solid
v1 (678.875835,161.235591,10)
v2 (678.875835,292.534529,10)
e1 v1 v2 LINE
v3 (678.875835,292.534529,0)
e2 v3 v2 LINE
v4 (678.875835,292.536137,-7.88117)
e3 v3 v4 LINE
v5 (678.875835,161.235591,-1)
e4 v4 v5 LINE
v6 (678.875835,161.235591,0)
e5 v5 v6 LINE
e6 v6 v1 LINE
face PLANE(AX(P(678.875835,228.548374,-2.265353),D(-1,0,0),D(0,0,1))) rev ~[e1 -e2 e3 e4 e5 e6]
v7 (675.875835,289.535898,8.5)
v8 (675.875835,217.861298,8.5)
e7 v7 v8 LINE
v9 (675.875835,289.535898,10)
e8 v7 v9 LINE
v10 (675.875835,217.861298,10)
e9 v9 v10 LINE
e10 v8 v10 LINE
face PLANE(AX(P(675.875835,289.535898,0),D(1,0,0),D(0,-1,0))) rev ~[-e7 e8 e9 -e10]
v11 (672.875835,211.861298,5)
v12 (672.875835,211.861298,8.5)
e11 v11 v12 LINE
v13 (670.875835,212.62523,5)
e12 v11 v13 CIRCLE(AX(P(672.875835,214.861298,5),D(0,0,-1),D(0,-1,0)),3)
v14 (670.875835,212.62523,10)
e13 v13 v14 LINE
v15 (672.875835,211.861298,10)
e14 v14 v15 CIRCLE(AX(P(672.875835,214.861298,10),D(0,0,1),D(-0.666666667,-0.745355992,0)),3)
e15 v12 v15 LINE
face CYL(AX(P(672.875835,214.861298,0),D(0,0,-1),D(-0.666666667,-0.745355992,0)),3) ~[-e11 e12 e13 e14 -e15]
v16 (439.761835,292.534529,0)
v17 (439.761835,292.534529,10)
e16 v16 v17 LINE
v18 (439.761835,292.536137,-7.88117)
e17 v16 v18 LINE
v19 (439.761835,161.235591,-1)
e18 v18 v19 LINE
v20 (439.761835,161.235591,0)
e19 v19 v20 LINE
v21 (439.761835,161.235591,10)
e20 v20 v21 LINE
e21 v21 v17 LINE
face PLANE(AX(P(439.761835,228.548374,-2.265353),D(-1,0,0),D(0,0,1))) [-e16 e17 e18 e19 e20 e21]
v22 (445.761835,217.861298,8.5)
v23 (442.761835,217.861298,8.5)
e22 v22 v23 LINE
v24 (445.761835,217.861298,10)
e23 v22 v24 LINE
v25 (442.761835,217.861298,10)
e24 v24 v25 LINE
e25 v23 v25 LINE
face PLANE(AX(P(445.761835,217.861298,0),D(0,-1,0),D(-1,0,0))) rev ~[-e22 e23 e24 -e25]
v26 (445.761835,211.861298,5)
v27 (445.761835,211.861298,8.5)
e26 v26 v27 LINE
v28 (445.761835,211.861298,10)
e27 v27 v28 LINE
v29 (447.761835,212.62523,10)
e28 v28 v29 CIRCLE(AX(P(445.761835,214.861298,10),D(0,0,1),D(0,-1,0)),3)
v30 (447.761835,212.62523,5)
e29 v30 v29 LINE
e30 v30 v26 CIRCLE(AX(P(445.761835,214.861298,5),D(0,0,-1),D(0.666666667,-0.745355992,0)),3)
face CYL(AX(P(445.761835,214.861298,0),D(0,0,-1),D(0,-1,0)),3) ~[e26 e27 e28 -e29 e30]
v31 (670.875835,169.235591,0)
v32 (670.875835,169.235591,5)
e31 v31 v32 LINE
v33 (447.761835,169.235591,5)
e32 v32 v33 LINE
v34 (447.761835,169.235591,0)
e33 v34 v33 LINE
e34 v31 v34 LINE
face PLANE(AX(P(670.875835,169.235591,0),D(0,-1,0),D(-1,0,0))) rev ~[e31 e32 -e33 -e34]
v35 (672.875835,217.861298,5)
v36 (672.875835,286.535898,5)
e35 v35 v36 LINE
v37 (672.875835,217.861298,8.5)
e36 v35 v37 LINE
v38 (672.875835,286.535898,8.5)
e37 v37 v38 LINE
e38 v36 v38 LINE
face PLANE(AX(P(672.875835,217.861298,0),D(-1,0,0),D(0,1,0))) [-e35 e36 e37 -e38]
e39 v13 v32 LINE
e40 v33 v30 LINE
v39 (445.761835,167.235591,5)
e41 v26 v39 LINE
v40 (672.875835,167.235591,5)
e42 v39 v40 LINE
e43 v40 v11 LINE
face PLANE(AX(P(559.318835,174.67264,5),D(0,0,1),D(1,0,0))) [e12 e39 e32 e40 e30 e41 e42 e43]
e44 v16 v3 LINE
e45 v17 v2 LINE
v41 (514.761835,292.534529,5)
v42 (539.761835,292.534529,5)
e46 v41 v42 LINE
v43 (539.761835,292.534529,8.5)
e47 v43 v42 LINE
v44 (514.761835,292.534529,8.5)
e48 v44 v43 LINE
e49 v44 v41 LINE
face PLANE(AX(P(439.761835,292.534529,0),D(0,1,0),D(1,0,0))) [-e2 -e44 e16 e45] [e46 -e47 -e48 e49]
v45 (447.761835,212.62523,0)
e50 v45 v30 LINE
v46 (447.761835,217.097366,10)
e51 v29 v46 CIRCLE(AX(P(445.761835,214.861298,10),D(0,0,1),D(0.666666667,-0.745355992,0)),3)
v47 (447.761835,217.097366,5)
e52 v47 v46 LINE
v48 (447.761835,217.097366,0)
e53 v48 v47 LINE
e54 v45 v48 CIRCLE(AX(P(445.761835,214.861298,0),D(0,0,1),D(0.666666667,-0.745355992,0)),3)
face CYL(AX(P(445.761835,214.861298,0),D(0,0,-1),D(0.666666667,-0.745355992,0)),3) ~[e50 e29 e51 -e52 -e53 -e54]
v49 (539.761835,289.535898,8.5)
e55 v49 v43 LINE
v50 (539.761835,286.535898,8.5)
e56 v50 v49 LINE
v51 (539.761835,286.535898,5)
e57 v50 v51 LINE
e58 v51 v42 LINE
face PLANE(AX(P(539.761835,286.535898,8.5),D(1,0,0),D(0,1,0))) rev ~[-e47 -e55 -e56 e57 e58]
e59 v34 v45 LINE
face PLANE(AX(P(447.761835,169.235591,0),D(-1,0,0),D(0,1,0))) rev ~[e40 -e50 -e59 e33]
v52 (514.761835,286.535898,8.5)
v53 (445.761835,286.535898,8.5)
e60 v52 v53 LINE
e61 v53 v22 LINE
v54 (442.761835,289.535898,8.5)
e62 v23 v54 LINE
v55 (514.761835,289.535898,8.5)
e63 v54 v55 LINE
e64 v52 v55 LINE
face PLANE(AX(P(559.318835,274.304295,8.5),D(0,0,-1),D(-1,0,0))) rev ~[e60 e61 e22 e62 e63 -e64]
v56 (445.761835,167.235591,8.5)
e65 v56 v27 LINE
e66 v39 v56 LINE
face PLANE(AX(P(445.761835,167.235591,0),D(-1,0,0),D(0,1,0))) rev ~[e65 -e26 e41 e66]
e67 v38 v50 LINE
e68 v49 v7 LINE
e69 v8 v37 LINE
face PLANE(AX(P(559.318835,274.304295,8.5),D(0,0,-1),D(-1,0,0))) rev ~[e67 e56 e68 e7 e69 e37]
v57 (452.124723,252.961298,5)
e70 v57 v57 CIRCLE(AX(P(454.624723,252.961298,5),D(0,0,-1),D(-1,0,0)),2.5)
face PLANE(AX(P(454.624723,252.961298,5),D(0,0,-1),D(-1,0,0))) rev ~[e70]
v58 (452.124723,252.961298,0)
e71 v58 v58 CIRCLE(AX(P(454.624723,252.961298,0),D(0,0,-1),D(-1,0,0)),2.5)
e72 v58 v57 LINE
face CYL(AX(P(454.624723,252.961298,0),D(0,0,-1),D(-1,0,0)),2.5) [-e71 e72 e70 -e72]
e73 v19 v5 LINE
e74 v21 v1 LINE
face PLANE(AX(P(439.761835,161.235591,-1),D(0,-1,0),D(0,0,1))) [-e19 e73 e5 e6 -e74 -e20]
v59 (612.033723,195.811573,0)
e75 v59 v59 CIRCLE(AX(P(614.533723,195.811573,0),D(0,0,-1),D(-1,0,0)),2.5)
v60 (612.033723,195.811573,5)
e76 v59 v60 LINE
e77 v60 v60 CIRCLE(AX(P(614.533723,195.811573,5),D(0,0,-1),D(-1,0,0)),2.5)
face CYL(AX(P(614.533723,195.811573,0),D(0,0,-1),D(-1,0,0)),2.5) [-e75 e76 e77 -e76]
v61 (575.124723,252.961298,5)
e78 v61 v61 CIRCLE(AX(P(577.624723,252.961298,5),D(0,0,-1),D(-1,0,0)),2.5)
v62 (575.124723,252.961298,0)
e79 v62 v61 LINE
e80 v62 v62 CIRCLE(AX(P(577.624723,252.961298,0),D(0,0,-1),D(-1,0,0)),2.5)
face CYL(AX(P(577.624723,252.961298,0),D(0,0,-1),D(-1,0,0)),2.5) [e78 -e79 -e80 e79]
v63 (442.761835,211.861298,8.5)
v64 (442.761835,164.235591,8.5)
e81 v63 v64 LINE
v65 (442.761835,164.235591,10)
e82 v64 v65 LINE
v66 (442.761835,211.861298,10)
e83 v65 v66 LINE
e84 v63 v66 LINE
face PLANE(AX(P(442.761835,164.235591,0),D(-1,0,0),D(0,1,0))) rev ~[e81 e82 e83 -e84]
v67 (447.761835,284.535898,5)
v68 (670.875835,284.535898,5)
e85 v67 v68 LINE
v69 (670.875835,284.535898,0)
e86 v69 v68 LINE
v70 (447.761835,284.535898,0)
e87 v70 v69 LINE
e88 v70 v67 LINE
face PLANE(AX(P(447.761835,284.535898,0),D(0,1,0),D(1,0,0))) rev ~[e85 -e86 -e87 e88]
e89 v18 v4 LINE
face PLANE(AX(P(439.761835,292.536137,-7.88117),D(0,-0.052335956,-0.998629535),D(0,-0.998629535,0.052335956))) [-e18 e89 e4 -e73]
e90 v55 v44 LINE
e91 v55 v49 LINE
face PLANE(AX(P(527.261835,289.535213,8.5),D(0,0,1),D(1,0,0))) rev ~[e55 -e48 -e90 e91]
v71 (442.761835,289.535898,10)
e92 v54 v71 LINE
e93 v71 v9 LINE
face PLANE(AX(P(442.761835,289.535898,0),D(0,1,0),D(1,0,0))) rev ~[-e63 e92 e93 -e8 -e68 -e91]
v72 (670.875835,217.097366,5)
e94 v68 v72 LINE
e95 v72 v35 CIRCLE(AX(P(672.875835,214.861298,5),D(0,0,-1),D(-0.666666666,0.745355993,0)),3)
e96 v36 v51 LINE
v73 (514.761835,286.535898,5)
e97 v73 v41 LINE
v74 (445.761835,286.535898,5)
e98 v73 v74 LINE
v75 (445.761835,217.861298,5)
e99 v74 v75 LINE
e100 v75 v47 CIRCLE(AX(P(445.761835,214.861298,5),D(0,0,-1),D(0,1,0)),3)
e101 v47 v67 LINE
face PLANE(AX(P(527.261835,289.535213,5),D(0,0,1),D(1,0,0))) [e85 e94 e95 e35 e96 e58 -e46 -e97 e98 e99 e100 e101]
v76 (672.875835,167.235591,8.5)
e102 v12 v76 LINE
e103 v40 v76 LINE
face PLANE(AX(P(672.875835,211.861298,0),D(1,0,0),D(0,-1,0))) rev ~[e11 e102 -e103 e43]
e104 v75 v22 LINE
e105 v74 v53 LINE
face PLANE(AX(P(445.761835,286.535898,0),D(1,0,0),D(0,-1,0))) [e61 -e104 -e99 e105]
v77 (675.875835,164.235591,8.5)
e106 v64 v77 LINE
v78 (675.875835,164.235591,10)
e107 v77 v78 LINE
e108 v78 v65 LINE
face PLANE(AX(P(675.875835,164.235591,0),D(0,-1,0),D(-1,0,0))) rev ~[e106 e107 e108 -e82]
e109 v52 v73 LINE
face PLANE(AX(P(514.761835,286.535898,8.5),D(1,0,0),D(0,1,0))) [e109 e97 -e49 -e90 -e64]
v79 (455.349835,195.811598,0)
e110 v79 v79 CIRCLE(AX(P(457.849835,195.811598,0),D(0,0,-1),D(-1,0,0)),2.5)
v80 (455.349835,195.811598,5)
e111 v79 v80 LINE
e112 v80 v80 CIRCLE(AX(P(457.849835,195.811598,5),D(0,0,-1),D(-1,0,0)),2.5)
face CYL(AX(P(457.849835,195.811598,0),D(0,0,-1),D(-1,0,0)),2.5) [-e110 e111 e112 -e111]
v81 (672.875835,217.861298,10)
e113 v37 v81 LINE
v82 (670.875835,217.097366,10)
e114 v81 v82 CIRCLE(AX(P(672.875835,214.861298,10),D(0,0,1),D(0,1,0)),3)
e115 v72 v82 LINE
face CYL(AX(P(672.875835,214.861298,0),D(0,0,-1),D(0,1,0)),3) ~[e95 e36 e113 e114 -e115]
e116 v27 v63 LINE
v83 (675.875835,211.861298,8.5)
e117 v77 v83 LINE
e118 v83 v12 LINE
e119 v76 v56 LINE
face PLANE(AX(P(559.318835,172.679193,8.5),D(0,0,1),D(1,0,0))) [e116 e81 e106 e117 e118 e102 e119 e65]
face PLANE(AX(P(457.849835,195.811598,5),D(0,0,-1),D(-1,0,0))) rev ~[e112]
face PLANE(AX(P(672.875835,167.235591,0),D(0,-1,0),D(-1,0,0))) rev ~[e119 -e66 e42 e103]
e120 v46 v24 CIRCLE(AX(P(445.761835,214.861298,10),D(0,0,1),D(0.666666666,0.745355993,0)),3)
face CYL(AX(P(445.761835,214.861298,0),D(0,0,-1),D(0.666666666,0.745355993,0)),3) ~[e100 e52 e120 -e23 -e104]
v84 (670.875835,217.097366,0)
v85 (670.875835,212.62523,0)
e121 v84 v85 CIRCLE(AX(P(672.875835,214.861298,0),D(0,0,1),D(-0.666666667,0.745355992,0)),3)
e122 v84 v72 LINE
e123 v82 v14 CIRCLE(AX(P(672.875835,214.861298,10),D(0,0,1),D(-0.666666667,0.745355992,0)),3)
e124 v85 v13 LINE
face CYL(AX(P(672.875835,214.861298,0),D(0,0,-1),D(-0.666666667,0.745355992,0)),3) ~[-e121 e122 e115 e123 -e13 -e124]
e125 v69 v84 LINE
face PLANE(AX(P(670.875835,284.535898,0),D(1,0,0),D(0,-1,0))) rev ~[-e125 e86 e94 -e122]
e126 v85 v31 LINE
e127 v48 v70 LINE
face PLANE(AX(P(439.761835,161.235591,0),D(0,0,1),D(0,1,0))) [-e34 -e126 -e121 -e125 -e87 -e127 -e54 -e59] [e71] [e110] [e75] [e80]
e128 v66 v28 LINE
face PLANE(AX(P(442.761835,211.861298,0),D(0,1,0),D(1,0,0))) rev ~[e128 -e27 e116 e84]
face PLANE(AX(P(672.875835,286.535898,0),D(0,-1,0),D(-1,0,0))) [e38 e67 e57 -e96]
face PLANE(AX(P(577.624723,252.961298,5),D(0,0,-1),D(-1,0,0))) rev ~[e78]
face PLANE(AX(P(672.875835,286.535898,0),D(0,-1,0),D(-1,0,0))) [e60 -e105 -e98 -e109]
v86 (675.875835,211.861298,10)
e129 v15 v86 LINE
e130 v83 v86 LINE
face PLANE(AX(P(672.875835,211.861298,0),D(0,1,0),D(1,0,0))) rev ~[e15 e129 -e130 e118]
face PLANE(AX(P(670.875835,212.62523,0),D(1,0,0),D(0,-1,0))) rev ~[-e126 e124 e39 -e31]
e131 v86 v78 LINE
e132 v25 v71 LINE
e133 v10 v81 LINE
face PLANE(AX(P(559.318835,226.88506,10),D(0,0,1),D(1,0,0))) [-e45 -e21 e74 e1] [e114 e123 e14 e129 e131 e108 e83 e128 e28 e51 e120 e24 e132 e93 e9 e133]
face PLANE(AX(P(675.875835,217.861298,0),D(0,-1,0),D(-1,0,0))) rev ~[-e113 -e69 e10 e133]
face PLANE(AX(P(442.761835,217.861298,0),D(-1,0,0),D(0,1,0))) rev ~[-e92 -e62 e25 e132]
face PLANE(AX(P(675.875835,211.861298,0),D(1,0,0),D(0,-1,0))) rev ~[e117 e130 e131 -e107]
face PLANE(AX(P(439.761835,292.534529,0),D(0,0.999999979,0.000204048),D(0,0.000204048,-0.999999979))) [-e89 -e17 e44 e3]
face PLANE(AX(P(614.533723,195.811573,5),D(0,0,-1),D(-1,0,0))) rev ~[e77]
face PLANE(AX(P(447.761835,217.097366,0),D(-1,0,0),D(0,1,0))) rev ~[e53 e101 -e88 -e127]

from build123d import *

# Parameters (mm, degrees)
MODEL_W             = 239.114
MODEL_H             = 131.298938207
EXTRUDE_2_DEPTH     = 10
EXTRUDE_3_DEPTH     = 8.5
EXTRUDE_4_DEPTH     = 5
SKETCH_3_R          = 2.5
EXTRUDE_5_DEPTH     = 5
EXTRUDE_5_2_DEPTH   = 5
EXTRUDE_5_3_DEPTH   = 5
EXTRUDE_5_4_DEPTH   = 5
EXTRUDE_6_DEPTH     = 239.114
SKETCH_5_W          = 25
SKETCH_5_H          = 5.998631207
CUT_EXTRUDE_1_DEPTH = 3.5


with BuildPart() as part:
    # Model → 凸台-拉伸2 (new body)
    with BuildSketch(Plane.XY):
        with Locations((559.31883528, 226.885059923)):
            Rectangle(MODEL_W, MODEL_H)
        with BuildLine():
            Line((442.76183528, 289.535897819), (675.87583528, 289.535897819))
            Line((675.87583528, 289.535897819), (675.87583528, 217.861297819))
            Line((675.87583528, 217.861297819), (672.87583528, 217.861297819))
            ThreePointArc((672.87583528, 217.861297819), (671.805369011, 217.663814896), (670.87583528, 217.097365797))
            ThreePointArc((670.87583528, 217.097365797), (669.87583528, 214.861297819), (670.87583528, 212.625229842))
            ThreePointArc((670.87583528, 212.625229842), (671.805369011, 212.058780742), (672.87583528, 211.861297819))
            Line((672.87583528, 211.861297819), (675.87583528, 211.861297819))
            Line((675.87583528, 211.861297819), (675.87583528, 164.235590819))
            Line((675.87583528, 164.235590819), (442.76183528, 164.235590819))
            Line((442.76183528, 164.235590819), (442.76183528, 211.861297819))
            Line((442.76183528, 211.861297819), (445.76183528, 211.861297819))
            ThreePointArc((445.76183528, 211.861297819), (446.832301549, 212.058780742), (447.76183528, 212.625229842))
            ThreePointArc((447.76183528, 212.625229842), (448.76183528, 214.861297819), (447.76183528, 217.097365797))
            ThreePointArc((447.76183528, 217.097365797), (446.832301549, 217.663814896), (445.76183528, 217.861297819))
            Line((445.76183528, 217.861297819), (442.76183528, 217.861297819))
            Line((442.76183528, 217.861297819), (442.76183528, 289.535897819))
        make_face(mode=Mode.SUBTRACT)
    extrude(amount=EXTRUDE_2_DEPTH)

    # Model<4> → 凸台-拉伸3 (add)
    with BuildSketch(Plane.XY):
        Polygon((445.76183528, 167.235590819), (445.76183528, 211.861297819), (442.76183528, 211.861297819), (442.76183528, 164.235590819), (675.87583528, 164.235590819), (675.87583528, 211.861297819), (672.87583528, 211.861297819), (672.87583528, 167.235590819), align=None)
        Polygon((442.76183528, 217.861297819), (442.76183528, 289.535897819), (675.87583528, 289.535897819), (675.87583528, 217.861297819), (672.87583528, 217.861297819), (672.87583528, 286.535897819), (445.76183528, 286.535897819), (445.76183528, 217.861297819), align=None)
    extrude(amount=EXTRUDE_3_DEPTH)

    # Model<5> → 凸台-拉伸4 (add)
    with BuildSketch(Plane.XY):
        with BuildLine():
            ThreePointArc((672.87583528, 211.861297819), (671.805369011, 212.058780742), (670.87583528, 212.625229842))
            Line((670.87583528, 212.625229842), (670.87583528, 169.235590819))
            Line((670.87583528, 169.235590819), (447.76183528, 169.235590819))
            Line((447.76183528, 169.235590819), (447.76183528, 212.625229842))
            ThreePointArc((447.76183528, 212.625229842), (446.832301549, 212.058780742), (445.76183528, 211.861297819))
            Line((445.76183528, 211.861297819), (445.76183528, 167.235590819))
            Line((445.76183528, 167.235590819), (672.87583528, 167.235590819))
            Line((672.87583528, 167.235590819), (672.87583528, 211.861297819))
        make_face()
        with BuildLine():
            ThreePointArc((670.87583528, 217.097365797), (671.805369011, 217.663814896), (672.87583528, 217.861297819))
            Line((672.87583528, 217.861297819), (672.87583528, 286.535897819))
            Line((672.87583528, 286.535897819), (539.76183528, 286.535897819))
            Line((539.76183528, 286.535897819), (514.76183528, 286.535897819))
            Line((514.76183528, 286.535897819), (445.76183528, 286.535897819))
            Line((445.76183528, 286.535897819), (445.76183528, 217.861297819))
            ThreePointArc((445.76183528, 217.861297819), (446.832301549, 217.663814896), (447.76183528, 217.097365797))
            Line((447.76183528, 217.097365797), (447.76183528, 284.535897819))
            Line((447.76183528, 284.535897819), (670.87583528, 284.535897819))
            Line((670.87583528, 284.535897819), (670.87583528, 217.097365797))
        make_face()
    extrude(amount=EXTRUDE_4_DEPTH)



with BuildPart() as body_2:
    # 草图3 → 凸台-拉伸5 (new body)
    with BuildSketch(Plane(origin=(0, 0, 0), x_dir=(-1, 0, 0), z_dir=(0, 0, -1))):
        with Locations((-577.62472278, 252.961297819)):
            Circle(SKETCH_3_R)
    extrude(amount=-EXTRUDE_5_DEPTH)


with BuildPart() as body_3:
    # 草图3 → Extrude 5 2 (new body)
    with BuildSketch(Plane(origin=(0, 0, 0), x_dir=(-1, 0, 0), z_dir=(0, 0, -1))):
        with Locations((-614.53372278, 195.811572819)):
            Circle(SKETCH_3_R)
    extrude(amount=-EXTRUDE_5_2_DEPTH)


with BuildPart() as body_4:
    # 草图3 → Extrude 5 3 (new body)
    with BuildSketch(Plane(origin=(0, 0, 0), x_dir=(-1, 0, 0), z_dir=(0, 0, -1))):
        with Locations((-457.84983528, 195.811597819)):
            Circle(SKETCH_3_R)
    extrude(amount=-EXTRUDE_5_3_DEPTH)


with BuildPart() as body_5:
    # 草图3 → Extrude 5 4 (new body)
    with BuildSketch(Plane(origin=(0, 0, 0), x_dir=(-1, 0, 0), z_dir=(0, 0, -1))):
        with Locations((-454.62472278, 252.961297819)):
            Circle(SKETCH_3_R)
    extrude(amount=-EXTRUDE_5_4_DEPTH)


with BuildPart() as part_1:
    add(part.part)

    add(body_2.part)  # 凸台-拉伸6 merges body 2

    add(body_3.part)  # 凸台-拉伸6 merges body 3

    add(body_4.part)  # 凸台-拉伸6 merges body 4

    add(body_5.part)  # 凸台-拉伸6 merges body 5
    # 草图4 → 凸台-拉伸6 (add)
    with BuildSketch(Plane.ZY.offset(-439.76183528)):
        Polygon((-7.881170053, 292.536137164), (-1, 161.235590819), (0, 161.235590819), (0, 292.534529026), align=None)
    extrude(amount=-EXTRUDE_6_DEPTH)

    # 草图5 → 切除-拉伸1 (cut)
    with BuildSketch(Plane.XY.offset(8.5)):
        with Locations((527.26183528, 289.535213423)):
            Rectangle(SKETCH_5_W, SKETCH_5_H)
    extrude(amount=-CUT_EXTRUDE_1_DEPTH, mode=Mode.SUBTRACT)


solid = part_1.part
